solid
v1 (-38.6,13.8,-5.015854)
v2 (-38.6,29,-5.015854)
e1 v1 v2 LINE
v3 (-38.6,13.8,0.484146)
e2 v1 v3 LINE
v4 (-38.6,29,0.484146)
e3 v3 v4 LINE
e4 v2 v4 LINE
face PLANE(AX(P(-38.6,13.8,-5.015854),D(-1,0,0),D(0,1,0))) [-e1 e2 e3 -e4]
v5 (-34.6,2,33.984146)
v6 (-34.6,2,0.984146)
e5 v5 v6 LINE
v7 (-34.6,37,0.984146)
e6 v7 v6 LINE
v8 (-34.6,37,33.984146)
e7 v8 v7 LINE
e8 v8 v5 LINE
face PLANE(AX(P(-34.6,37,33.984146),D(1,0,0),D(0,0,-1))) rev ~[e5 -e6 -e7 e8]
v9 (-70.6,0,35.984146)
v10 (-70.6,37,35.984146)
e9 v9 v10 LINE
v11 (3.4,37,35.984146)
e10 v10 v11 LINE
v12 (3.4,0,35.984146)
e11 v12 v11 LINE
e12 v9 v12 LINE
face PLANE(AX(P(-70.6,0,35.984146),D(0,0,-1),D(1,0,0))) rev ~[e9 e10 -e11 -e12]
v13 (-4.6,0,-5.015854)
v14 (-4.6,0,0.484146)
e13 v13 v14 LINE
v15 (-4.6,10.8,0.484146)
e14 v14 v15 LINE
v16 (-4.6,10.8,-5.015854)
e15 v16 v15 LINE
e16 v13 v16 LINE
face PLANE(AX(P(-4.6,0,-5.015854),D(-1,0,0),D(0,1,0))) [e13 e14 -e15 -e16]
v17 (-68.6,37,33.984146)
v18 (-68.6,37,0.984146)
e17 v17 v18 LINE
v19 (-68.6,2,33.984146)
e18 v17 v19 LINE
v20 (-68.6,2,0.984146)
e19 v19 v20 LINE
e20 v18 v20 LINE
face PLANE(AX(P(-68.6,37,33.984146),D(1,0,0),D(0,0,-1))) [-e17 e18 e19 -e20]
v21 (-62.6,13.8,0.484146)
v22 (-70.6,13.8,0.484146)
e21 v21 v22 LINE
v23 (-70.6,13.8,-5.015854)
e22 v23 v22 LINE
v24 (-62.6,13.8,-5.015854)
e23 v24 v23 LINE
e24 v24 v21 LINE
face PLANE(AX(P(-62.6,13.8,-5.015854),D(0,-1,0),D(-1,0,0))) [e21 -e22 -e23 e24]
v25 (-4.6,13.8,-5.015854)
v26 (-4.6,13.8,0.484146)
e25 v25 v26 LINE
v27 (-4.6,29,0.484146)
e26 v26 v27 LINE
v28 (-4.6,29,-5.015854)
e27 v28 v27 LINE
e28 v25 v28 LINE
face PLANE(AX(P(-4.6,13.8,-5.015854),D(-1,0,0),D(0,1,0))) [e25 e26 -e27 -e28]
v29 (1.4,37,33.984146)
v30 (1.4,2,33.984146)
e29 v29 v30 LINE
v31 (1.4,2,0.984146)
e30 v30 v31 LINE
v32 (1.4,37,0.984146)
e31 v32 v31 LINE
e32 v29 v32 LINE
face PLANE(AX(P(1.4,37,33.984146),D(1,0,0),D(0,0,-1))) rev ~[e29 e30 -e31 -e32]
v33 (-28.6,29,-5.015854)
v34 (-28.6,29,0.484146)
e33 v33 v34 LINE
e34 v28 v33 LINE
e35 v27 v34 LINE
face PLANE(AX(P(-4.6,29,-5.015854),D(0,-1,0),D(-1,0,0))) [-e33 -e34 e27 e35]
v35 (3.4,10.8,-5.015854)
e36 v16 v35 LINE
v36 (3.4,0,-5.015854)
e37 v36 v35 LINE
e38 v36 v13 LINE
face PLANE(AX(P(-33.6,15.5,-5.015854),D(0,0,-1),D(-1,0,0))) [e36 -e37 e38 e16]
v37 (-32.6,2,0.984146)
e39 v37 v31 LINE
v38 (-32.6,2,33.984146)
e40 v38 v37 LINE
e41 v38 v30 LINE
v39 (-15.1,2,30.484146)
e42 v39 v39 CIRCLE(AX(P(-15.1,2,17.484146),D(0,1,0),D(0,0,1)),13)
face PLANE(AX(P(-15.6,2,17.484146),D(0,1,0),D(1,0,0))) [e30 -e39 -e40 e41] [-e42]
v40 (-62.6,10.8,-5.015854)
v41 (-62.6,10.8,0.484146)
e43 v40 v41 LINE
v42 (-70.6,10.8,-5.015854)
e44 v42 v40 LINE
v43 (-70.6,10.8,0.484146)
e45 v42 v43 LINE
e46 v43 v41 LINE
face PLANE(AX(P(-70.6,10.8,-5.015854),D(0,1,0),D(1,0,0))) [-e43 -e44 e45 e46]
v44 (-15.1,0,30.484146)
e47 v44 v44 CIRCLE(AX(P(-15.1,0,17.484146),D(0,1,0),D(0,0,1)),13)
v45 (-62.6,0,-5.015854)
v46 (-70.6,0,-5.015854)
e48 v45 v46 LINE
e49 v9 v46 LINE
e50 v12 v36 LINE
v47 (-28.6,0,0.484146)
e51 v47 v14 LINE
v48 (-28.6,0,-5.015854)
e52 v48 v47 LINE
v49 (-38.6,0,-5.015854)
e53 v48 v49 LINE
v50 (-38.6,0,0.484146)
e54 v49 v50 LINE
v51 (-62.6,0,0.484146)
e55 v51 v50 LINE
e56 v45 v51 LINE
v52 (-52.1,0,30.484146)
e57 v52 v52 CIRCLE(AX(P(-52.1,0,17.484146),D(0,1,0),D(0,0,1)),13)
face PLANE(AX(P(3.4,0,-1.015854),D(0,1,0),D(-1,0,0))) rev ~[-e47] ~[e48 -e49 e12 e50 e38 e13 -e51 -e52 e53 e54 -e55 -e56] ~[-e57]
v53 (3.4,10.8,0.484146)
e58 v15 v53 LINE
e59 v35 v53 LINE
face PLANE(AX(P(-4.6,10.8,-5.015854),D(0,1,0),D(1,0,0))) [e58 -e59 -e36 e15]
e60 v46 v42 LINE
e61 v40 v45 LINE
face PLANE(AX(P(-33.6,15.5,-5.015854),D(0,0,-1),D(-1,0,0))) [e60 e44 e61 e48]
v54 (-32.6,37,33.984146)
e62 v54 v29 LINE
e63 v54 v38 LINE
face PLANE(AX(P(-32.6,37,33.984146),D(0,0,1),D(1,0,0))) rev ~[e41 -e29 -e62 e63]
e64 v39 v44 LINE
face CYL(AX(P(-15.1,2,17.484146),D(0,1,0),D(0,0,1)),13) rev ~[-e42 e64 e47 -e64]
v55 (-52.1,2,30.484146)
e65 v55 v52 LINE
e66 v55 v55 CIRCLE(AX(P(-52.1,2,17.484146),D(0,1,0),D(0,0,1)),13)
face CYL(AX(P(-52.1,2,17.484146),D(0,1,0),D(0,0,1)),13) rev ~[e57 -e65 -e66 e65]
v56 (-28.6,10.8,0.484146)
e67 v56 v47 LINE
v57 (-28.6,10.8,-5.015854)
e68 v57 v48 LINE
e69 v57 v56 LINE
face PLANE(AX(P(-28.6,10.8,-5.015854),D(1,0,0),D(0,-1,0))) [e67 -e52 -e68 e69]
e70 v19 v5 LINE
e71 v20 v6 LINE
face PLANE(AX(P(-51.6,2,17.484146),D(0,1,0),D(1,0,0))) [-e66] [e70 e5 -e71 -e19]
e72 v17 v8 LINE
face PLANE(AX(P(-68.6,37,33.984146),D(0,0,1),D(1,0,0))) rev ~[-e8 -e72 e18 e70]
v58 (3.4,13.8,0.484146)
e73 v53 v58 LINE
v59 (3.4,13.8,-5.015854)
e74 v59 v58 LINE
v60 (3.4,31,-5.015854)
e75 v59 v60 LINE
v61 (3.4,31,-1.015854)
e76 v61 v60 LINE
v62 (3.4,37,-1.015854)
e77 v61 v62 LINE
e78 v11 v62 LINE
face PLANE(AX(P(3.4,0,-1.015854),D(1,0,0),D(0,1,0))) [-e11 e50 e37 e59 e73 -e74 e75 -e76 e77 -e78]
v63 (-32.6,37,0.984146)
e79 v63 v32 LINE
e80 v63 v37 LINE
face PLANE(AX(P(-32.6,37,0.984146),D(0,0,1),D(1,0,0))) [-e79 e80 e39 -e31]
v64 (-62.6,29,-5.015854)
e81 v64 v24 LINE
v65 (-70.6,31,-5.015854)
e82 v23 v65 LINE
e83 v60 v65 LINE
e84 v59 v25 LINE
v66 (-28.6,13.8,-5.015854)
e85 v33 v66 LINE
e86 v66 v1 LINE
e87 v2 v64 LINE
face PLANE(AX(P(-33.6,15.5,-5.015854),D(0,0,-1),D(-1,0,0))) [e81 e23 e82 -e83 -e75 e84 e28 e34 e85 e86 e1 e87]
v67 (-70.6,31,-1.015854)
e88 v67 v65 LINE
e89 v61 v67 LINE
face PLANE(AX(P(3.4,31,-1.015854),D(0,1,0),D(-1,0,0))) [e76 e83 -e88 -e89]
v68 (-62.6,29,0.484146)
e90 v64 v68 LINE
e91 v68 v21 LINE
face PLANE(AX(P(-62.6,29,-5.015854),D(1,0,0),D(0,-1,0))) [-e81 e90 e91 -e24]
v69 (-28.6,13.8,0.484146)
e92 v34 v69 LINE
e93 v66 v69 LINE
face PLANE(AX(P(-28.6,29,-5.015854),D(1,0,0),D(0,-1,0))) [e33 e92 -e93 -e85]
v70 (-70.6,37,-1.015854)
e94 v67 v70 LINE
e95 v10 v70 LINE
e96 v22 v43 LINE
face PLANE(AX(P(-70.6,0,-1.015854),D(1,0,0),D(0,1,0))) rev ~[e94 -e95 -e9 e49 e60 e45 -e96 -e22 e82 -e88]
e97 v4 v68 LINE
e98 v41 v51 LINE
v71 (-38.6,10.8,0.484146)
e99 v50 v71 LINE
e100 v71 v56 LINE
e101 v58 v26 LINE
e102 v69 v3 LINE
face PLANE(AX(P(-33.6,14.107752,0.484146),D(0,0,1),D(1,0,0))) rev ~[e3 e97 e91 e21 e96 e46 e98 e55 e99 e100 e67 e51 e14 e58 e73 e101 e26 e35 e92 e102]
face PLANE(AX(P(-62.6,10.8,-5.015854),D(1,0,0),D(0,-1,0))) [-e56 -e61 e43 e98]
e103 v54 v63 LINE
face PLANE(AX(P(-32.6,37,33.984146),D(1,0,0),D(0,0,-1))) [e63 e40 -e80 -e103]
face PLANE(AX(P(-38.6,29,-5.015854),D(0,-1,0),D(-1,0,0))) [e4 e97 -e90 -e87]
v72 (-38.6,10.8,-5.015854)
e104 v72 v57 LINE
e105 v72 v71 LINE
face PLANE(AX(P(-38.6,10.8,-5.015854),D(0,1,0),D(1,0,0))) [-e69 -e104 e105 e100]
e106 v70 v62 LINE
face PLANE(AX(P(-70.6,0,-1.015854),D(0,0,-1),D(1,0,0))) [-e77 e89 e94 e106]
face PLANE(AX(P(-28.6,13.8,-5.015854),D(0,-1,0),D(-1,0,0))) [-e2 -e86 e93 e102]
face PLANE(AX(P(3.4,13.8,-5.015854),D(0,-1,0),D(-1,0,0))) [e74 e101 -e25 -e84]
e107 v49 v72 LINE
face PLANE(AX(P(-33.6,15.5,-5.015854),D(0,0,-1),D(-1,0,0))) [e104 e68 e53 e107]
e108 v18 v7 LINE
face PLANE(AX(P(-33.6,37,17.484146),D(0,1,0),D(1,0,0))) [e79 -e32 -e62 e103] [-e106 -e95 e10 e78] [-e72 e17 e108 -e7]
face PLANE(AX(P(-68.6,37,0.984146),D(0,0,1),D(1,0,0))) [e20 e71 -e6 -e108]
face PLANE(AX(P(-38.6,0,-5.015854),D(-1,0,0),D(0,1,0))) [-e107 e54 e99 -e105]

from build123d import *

# Parameters (mm, degrees)
SKETCH1_W           = 74
SKETCH1_H           = 37
BOSS_EXTRUDE1_DEPTH = 37
SKETCH3_W           = 34
SKETCH3_H           = 33
CUT_EXTRUDE1_DEPTH  = 35
SKETCH5_R           = 13
CUT_EXTRUDE2_DEPTH  = 3.5
SKETCH6_W           = 74
SKETCH6_H           = 31
BOSS_EXTRUDE2_DEPTH = 4
CUT_EXTRUDE3_DEPTH  = 5.5


with BuildPart() as part:
    # Sketch1 → Boss-Extrude1 (new body)
    with BuildSketch(Plane(origin=(0, 0, 0), x_dir=(1, 0, 0), z_dir=(0, 1, 0))):
        with Locations((-33.6, -17.484146341)):
            Rectangle(SKETCH1_W, SKETCH1_H)
    extrude(amount=BOSS_EXTRUDE1_DEPTH)

    # Sketch3 → Cut-Extrude1 (cut)
    with BuildSketch(Plane(origin=(0, 37, 0), x_dir=(1, 0, 0), z_dir=(0, 1, 0))):
        with Locations((-51.6, -17.484146341)):
            Rectangle(SKETCH3_W, SKETCH3_H)
        with Locations((-15.6, -17.484146341)):
            Rectangle(SKETCH3_W, SKETCH3_H)
    extrude(amount=-CUT_EXTRUDE1_DEPTH, mode=Mode.SUBTRACT)

    # Sketch5 → Cut-Extrude2 (cut)
    with BuildSketch(Plane(origin=(0, 2, 0), x_dir=(1, 0, 0), z_dir=(0, 1, 0))):
        with Locations(Location((-15.1, -17.484146341, 0), (0, 0, 270))):
            Circle(SKETCH5_R)
        with Locations(Location((-52.1, -17.484146341, 0), (0, 0, 270))):
            Circle(SKETCH5_R)
    extrude(amount=-CUT_EXTRUDE2_DEPTH, mode=Mode.SUBTRACT)

    # Sketch6 → Boss-Extrude2 (add)
    with BuildSketch(Plane(origin=(0, 0, -1.015853659), x_dir=(-1, 0, 0), z_dir=(0, 0, -1))):
        with Locations((33.6, 15.5)):
            Rectangle(SKETCH6_W, SKETCH6_H)
    extrude(amount=BOSS_EXTRUDE2_DEPTH)

    # Sketch8 → Cut-Extrude3 (cut)
    with BuildSketch(Plane(origin=(0, 0, -5.015853659), x_dir=(-1, 0, 0), z_dir=(0, 0, -1))):
        Polygon((4.6, 29), (28.6, 29), (28.6, 13.8), (38.6, 13.8), (38.6, 29), (62.6, 29), (62.6, 13.8), (70.6, 13.8), (70.6, 10.8), (62.6, 10.8), (62.6, 0), (38.6, 0), (38.6, 10.8), (28.6, 10.8), (28.6, 0), (4.6, 0), (4.6, 10.8), (-3.4, 10.8), (-3.4, 13.8), (4.6, 13.8), align=None)
    extrude(amount=-CUT_EXTRUDE3_DEPTH, mode=Mode.SUBTRACT)


solid = part.part
